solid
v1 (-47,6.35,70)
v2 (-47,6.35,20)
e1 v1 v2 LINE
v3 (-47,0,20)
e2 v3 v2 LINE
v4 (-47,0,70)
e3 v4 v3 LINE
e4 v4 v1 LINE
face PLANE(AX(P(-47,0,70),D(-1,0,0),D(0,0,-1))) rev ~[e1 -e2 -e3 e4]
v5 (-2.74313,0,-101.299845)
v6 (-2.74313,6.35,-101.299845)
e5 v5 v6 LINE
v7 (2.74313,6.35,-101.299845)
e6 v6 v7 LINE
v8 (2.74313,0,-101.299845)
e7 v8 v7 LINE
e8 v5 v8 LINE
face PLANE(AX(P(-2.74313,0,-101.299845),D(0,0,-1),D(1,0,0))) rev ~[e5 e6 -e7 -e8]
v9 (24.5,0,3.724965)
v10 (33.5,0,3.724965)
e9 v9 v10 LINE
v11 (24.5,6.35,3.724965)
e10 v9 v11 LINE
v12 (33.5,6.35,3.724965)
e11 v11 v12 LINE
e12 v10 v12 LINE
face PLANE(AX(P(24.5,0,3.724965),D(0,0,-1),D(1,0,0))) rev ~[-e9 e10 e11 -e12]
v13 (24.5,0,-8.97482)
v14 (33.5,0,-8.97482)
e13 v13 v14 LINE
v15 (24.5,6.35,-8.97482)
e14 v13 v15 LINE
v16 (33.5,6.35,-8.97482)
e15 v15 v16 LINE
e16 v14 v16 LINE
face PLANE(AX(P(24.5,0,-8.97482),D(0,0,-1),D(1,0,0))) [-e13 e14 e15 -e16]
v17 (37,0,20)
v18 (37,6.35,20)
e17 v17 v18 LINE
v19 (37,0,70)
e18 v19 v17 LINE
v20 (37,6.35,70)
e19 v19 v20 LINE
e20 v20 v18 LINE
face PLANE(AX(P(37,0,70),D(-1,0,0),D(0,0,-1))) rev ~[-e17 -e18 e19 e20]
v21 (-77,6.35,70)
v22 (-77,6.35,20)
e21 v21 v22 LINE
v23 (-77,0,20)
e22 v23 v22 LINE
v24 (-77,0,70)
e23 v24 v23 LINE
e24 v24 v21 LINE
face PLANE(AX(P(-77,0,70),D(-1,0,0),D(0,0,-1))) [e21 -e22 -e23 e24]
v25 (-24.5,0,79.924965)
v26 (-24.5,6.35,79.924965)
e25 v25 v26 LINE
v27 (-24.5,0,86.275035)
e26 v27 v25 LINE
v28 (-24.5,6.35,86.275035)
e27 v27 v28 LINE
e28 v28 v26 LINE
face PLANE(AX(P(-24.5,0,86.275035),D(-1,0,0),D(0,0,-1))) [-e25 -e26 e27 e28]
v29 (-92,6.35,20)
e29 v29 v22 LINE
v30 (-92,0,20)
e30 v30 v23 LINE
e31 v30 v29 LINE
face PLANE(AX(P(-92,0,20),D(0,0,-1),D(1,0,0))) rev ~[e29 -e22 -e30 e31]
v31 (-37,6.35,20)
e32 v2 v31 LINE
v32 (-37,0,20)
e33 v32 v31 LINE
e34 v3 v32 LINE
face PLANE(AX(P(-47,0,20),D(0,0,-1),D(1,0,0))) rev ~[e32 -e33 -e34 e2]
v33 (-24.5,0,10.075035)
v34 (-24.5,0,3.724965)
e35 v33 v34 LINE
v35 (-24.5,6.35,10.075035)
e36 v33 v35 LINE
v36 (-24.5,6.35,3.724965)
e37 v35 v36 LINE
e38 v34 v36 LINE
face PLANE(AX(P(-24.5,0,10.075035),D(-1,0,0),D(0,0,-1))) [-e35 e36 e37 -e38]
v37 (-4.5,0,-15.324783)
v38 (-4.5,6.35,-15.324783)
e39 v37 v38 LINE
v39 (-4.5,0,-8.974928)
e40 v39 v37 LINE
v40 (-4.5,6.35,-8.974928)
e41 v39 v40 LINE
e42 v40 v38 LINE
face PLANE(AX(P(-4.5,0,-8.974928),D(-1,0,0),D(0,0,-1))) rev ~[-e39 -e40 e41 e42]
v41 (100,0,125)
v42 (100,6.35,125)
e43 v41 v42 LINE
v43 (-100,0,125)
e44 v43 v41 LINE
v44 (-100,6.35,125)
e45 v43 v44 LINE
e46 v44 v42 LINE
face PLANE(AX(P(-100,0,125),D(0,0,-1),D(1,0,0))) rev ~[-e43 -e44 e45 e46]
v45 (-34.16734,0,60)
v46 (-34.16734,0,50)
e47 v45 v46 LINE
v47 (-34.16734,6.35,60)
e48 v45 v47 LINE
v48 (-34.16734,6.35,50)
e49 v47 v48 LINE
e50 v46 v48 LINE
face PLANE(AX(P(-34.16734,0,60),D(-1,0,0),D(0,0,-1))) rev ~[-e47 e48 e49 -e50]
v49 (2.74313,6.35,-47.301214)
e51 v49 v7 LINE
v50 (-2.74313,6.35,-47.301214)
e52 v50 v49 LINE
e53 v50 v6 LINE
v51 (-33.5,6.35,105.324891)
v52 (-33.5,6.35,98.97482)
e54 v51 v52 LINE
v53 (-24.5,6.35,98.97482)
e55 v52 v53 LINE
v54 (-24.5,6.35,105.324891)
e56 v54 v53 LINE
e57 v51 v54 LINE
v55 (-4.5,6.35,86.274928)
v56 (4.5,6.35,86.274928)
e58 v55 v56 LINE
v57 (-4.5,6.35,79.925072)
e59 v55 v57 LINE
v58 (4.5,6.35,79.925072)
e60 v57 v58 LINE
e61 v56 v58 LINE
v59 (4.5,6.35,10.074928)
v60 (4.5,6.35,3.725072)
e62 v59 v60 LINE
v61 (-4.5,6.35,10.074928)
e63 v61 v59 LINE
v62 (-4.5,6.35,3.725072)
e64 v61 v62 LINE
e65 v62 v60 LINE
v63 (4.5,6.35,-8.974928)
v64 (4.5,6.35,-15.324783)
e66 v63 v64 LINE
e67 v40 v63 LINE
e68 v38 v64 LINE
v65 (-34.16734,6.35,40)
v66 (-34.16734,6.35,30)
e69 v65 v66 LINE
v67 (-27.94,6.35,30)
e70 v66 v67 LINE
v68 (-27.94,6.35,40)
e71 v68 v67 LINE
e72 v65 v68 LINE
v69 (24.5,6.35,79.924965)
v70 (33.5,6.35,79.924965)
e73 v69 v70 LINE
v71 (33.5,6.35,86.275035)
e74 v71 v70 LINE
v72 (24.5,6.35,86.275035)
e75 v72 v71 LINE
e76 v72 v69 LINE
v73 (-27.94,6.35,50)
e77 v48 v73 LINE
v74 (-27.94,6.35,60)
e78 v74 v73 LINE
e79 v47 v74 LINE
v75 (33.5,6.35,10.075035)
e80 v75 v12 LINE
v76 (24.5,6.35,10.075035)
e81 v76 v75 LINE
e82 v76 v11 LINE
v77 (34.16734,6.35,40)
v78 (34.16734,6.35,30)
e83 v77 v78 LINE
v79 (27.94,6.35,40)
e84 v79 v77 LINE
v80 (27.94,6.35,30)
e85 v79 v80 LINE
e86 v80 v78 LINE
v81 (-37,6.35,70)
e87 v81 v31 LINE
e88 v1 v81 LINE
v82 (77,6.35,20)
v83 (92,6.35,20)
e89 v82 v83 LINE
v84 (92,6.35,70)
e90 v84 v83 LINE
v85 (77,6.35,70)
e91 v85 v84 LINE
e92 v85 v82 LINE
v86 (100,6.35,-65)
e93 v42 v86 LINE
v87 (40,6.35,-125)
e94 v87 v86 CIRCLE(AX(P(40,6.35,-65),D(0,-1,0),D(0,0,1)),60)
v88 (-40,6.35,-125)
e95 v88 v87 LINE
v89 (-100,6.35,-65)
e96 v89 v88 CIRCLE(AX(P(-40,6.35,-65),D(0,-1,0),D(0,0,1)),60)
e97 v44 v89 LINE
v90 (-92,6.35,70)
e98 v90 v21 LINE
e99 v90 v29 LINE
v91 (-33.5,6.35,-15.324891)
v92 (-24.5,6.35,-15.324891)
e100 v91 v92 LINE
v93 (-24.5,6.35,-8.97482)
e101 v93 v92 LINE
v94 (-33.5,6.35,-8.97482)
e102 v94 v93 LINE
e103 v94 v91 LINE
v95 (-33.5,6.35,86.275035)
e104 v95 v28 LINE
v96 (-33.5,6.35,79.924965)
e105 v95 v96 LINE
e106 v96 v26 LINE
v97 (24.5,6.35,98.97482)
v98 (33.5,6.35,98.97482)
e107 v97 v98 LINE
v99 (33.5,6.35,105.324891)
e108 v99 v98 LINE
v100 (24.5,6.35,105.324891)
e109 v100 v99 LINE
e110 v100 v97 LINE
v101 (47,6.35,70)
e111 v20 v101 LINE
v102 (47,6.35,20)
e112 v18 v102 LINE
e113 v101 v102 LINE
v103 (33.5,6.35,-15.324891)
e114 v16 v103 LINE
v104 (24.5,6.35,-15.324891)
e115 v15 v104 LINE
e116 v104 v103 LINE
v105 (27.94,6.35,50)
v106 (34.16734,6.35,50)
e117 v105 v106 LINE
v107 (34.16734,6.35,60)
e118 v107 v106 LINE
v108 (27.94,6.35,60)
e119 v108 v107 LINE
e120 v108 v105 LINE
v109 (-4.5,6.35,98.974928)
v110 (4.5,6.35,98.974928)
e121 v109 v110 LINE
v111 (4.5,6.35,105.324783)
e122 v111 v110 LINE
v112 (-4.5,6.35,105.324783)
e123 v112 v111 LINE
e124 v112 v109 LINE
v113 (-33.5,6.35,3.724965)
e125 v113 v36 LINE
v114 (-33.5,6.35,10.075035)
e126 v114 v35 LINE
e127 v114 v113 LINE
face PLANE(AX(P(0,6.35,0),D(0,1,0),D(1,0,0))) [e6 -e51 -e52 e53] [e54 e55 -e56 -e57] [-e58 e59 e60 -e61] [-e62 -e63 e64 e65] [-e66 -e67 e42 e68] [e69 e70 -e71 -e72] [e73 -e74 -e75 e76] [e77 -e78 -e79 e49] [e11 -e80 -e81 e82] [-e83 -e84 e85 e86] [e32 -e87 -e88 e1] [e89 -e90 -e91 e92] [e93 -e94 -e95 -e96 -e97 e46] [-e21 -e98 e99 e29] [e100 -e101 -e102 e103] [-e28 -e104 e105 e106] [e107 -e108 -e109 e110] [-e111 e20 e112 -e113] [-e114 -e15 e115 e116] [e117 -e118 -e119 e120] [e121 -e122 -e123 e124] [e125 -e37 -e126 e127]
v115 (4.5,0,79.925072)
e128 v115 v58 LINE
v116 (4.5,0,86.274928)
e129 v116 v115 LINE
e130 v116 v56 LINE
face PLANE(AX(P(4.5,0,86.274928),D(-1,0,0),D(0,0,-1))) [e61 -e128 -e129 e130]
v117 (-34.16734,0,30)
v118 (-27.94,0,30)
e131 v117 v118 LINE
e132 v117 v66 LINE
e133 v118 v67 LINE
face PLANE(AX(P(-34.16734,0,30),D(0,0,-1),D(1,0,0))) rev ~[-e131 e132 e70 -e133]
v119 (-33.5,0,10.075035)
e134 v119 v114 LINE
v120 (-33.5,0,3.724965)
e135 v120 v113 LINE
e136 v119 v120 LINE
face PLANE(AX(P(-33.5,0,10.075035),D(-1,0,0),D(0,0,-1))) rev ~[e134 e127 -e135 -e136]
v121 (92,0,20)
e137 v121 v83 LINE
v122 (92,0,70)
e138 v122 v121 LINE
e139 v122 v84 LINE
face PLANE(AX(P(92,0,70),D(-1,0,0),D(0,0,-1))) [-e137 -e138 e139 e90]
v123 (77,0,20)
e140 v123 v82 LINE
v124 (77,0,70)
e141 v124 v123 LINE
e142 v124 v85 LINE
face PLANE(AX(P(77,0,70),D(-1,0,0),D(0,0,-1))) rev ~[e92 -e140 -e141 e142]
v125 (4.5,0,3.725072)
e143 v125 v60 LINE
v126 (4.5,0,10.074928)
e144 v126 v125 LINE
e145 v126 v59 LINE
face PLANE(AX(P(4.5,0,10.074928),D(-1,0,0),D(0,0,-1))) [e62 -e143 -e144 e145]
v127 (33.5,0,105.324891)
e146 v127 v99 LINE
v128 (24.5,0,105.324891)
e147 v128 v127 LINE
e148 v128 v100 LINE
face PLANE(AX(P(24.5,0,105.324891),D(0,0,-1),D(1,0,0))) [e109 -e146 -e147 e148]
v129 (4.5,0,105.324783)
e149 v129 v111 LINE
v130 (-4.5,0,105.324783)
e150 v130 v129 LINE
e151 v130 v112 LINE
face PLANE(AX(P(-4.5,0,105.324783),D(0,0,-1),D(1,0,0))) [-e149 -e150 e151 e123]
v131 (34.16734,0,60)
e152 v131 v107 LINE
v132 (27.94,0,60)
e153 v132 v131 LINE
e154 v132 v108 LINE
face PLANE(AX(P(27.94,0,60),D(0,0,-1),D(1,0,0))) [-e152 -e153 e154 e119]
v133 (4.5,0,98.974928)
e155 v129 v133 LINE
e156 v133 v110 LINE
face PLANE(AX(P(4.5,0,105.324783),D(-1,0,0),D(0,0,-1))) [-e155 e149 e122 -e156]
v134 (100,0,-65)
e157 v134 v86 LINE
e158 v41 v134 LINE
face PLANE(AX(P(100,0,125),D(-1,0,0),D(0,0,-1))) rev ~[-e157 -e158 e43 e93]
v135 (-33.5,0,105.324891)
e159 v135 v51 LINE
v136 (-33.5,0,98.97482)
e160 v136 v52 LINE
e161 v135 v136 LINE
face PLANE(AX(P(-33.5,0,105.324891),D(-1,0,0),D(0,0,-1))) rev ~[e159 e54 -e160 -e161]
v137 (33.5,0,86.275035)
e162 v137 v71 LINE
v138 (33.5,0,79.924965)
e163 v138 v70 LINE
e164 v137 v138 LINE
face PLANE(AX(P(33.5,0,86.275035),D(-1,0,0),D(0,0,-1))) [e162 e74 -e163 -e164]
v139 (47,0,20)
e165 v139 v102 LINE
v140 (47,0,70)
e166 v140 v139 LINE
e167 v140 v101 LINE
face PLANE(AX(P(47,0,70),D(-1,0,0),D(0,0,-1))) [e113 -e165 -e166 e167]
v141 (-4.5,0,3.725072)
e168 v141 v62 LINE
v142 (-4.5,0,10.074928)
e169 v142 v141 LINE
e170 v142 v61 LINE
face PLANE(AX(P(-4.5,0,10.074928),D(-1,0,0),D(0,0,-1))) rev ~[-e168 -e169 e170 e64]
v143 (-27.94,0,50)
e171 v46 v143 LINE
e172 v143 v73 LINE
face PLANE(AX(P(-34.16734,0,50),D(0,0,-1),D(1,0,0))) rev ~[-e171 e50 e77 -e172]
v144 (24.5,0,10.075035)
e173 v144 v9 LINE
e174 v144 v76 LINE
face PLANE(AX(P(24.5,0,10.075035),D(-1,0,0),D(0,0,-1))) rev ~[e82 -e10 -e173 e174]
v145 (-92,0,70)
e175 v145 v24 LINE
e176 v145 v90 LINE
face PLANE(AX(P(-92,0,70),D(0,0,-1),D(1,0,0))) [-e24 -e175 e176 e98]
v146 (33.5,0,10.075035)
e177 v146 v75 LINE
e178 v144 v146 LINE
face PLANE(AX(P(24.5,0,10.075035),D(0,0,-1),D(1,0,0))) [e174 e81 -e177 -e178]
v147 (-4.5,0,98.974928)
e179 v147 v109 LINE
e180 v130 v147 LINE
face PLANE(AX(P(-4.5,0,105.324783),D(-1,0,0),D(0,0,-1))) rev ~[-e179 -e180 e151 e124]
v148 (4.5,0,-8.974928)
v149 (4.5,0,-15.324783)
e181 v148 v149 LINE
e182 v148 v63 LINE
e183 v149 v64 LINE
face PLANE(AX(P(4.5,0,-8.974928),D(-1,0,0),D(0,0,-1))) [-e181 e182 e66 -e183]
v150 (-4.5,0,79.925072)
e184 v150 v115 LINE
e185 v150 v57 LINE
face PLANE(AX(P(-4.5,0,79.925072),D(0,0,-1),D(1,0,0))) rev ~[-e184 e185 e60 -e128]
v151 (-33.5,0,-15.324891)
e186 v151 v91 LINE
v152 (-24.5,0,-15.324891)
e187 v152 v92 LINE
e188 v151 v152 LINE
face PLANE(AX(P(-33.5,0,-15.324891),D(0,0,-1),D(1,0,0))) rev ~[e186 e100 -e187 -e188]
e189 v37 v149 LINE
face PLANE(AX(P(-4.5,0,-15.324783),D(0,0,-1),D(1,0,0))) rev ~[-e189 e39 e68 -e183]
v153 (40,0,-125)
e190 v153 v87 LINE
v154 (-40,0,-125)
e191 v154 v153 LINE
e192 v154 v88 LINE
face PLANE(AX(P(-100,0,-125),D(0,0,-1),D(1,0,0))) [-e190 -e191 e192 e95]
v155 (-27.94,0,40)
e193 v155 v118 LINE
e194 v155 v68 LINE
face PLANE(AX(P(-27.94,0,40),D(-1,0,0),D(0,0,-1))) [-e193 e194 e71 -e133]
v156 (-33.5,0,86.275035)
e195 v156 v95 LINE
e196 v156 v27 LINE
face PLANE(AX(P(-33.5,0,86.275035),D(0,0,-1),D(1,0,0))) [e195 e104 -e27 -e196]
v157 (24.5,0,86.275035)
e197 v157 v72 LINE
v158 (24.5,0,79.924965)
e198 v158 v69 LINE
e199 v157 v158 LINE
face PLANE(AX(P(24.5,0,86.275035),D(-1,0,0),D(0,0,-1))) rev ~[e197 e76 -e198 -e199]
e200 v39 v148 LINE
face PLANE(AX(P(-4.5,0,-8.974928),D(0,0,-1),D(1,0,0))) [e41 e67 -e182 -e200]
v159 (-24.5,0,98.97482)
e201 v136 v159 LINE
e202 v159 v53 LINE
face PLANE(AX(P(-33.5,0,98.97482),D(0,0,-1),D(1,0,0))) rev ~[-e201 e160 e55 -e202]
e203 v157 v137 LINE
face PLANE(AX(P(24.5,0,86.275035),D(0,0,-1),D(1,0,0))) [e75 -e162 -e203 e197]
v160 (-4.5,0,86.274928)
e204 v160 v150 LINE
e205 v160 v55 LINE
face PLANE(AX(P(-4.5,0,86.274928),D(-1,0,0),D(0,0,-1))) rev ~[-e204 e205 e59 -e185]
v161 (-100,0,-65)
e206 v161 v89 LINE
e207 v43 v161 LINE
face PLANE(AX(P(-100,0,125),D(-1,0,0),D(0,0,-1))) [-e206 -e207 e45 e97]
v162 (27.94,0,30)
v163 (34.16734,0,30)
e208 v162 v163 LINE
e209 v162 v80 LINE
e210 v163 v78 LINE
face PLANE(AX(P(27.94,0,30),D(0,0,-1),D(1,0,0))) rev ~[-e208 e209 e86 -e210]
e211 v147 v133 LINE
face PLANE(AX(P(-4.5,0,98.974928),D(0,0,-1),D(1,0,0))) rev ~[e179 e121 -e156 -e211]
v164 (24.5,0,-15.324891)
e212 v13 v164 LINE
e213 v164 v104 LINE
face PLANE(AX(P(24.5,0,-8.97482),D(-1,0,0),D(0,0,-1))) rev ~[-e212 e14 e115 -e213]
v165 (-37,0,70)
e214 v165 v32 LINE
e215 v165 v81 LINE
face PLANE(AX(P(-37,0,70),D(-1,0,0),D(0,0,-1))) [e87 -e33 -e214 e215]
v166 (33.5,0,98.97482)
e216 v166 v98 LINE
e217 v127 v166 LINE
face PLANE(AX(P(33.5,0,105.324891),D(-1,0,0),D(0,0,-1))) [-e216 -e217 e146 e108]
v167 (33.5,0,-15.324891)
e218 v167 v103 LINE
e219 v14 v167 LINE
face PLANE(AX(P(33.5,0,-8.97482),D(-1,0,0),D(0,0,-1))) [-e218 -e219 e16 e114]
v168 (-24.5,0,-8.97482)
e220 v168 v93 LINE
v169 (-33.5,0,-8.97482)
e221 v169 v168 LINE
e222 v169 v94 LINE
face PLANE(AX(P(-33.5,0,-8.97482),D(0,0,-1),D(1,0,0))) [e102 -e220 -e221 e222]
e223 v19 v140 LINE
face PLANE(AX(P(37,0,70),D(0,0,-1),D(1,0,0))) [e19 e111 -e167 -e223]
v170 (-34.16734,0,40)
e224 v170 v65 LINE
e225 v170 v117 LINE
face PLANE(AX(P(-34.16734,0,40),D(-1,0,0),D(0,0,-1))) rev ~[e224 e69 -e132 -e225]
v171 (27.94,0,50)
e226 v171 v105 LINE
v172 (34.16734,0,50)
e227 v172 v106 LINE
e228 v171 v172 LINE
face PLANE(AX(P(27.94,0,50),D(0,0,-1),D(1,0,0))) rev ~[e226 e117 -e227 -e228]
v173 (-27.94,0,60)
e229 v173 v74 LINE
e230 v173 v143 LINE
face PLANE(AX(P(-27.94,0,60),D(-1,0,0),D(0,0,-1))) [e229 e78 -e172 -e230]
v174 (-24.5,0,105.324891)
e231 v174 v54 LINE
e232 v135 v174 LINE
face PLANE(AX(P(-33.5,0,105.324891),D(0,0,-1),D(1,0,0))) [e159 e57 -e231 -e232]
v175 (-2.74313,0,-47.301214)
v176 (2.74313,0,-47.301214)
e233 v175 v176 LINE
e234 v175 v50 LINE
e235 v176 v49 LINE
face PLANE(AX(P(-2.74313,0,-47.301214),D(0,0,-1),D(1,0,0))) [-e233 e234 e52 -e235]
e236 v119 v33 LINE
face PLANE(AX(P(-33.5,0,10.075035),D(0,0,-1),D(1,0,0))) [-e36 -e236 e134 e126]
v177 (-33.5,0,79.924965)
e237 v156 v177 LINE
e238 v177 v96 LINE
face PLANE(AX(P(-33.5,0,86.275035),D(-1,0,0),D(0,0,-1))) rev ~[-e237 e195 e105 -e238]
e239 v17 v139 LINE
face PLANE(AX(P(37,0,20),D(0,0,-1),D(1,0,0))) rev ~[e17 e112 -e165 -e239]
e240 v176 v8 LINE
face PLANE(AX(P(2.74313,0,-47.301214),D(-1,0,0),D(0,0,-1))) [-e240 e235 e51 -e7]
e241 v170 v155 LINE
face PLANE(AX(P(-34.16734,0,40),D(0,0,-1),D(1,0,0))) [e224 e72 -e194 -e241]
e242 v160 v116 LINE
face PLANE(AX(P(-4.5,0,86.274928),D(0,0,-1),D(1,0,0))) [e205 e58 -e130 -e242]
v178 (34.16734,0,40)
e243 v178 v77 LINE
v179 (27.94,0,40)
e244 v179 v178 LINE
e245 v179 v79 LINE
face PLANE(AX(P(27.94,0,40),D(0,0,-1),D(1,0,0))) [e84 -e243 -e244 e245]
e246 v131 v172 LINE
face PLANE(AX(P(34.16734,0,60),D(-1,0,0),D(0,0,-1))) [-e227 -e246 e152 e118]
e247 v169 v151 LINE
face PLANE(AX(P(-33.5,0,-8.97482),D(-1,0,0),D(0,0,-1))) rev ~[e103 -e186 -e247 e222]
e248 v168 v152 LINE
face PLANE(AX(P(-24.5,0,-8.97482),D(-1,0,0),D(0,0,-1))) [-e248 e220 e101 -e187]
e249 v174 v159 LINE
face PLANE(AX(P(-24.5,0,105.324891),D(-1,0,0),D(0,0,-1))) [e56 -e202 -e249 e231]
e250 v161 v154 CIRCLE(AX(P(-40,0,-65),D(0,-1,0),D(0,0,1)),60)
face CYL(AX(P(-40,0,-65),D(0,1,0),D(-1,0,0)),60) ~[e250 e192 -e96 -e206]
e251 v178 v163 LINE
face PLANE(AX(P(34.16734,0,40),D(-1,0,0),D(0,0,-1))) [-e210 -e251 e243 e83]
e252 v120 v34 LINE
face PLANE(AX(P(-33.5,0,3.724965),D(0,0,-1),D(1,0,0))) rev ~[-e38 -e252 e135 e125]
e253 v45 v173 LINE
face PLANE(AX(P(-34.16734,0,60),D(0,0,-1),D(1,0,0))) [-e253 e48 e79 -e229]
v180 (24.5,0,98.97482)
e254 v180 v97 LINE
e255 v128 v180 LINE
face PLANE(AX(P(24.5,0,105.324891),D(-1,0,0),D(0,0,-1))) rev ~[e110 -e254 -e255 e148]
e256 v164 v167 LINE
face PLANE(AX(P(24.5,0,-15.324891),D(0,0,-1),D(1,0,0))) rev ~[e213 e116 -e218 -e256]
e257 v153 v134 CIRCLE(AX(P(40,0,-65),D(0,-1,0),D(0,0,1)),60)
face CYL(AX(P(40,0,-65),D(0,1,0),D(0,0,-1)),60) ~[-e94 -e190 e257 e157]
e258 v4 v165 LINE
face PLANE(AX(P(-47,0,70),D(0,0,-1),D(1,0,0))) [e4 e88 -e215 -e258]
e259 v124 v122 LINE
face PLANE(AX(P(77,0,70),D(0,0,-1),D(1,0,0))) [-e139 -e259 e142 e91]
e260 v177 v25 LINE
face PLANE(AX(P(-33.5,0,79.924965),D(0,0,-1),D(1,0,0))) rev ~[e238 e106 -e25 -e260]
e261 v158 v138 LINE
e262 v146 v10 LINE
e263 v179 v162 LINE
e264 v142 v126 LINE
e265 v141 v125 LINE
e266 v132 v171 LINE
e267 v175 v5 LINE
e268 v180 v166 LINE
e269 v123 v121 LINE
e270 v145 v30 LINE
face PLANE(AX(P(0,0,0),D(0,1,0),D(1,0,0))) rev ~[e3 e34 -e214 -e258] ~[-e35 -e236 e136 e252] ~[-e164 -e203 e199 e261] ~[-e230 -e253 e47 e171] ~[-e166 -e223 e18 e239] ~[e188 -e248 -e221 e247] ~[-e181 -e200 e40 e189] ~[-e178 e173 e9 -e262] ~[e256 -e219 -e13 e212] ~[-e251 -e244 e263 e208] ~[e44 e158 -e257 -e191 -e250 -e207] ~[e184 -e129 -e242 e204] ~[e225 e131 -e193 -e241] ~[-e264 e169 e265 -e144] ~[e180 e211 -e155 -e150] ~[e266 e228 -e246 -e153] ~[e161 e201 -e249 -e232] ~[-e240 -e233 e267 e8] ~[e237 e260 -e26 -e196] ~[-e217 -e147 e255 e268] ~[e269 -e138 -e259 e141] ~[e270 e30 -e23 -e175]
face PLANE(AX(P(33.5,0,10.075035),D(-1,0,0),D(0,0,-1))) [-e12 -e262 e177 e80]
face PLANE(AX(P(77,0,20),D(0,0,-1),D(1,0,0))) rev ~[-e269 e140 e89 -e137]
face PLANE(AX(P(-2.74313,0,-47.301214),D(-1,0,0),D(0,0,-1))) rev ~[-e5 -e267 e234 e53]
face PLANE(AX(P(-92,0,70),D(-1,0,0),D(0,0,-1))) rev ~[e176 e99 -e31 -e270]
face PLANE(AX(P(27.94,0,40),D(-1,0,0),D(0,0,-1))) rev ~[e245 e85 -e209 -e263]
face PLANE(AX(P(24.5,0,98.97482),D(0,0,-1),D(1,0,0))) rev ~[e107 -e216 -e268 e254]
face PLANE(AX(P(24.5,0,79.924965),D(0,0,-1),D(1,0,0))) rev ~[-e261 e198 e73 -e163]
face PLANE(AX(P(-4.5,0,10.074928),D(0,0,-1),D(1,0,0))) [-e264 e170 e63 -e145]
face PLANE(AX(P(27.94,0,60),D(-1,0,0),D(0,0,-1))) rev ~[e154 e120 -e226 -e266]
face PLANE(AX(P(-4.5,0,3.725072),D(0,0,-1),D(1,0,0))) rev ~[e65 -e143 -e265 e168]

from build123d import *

# Parameters (mm, degrees)
SKETCH1_W           = 200
SKETCH1_H           = 250
SKETCH1_W_2         = 5.4862609
SKETCH1_H_2         = 53.998630914
SKETCH1_W_3         = 6.227340135
SKETCH1_H_3         = 10
SKETCH1_W_4         = 9
SKETCH1_H_4         = 6.349855652
SKETCH1_H_5         = 6.350070686
SKETCH1_W_5         = 15
SKETCH1_H_6         = 50
SKETCH1_H_7         = 6.349855651
SKETCH1_W_6         = 10
BOSS_EXTRUDE1_DEPTH = 6.35
FILLET1_R           = 60


with BuildPart() as part:
    # Sketch1 → Boss-Extrude1 (new body)
    with BuildSketch(Plane(origin=(0, 0, 0), x_dir=(1, 0, 0), z_dir=(0, 1, 0))):
        Rectangle(SKETCH1_W, SKETCH1_H)
        with Locations((0, 74.300529772)):
            Rectangle(SKETCH1_W_2, SKETCH1_H_2, mode=Mode.SUBTRACT)
        with Locations((31.053670068, -55)):
            Rectangle(SKETCH1_W_3, SKETCH1_H_3, mode=Mode.SUBTRACT)
        with Locations((31.053670068, -35)):
            Rectangle(SKETCH1_W_3, SKETCH1_H_3, mode=Mode.SUBTRACT)
        with Locations((0, -83.1)):
            Rectangle(SKETCH1_W_4, SKETCH1_H_4, mode=Mode.SUBTRACT)
        with Locations((-31.053670068, -55)):
            Rectangle(SKETCH1_W_3, SKETCH1_H_3, mode=Mode.SUBTRACT)
        with Locations((-31.053670068, -35)):
            Rectangle(SKETCH1_W_3, SKETCH1_H_3, mode=Mode.SUBTRACT)
        with Locations((29, -83.1)):
            Rectangle(SKETCH1_W_4, SKETCH1_H_5, mode=Mode.SUBTRACT)
        with Locations((-84.5, -45)):
            Rectangle(SKETCH1_W_5, SKETCH1_H_6, mode=Mode.SUBTRACT)
        with Locations((-29, -83.1)):
            Rectangle(SKETCH1_W_4, SKETCH1_H_5, mode=Mode.SUBTRACT)
        with Locations((29, -102.149855651)):
            Rectangle(SKETCH1_W_4, SKETCH1_H_5, mode=Mode.SUBTRACT)
        with Locations((0, -102.149855652)):
            Rectangle(SKETCH1_W_4, SKETCH1_H_7, mode=Mode.SUBTRACT)
        with Locations((-29, -102.149855651)):
            Rectangle(SKETCH1_W_4, SKETCH1_H_5, mode=Mode.SUBTRACT)
        with Locations((0, -6.9)):
            Rectangle(SKETCH1_W_4, SKETCH1_H_4, mode=Mode.SUBTRACT)
        with Locations((29, -6.9)):
            Rectangle(SKETCH1_W_4, SKETCH1_H_5, mode=Mode.SUBTRACT)
        with Locations((29, 12.149855651)):
            Rectangle(SKETCH1_W_4, SKETCH1_H_5, mode=Mode.SUBTRACT)
        with Locations((0, 12.149855652)):
            Rectangle(SKETCH1_W_4, SKETCH1_H_7, mode=Mode.SUBTRACT)
        with Locations((-29, 12.149855651)):
            Rectangle(SKETCH1_W_4, SKETCH1_H_5, mode=Mode.SUBTRACT)
        with Locations((-29, -6.9)):
            Rectangle(SKETCH1_W_4, SKETCH1_H_5, mode=Mode.SUBTRACT)
        with Locations((-42, -45)):
            Rectangle(SKETCH1_W_6, SKETCH1_H_6, mode=Mode.SUBTRACT)
        with Locations((84.5, -45)):
            Rectangle(SKETCH1_W_5, SKETCH1_H_6, mode=Mode.SUBTRACT)
        with Locations((42, -45)):
            Rectangle(SKETCH1_W_6, SKETCH1_H_6, mode=Mode.SUBTRACT)
    extrude(amount=BOSS_EXTRUDE1_DEPTH)

    # Fillet1
    fillet1_edges = [part.edges().sort_by_distance(p)[0] for p in [
        (-100, 3.175, -125),
        (100, 3.175, -125),
    ]]
    fillet(fillet1_edges, radius=FILLET1_R)


solid = part.part
